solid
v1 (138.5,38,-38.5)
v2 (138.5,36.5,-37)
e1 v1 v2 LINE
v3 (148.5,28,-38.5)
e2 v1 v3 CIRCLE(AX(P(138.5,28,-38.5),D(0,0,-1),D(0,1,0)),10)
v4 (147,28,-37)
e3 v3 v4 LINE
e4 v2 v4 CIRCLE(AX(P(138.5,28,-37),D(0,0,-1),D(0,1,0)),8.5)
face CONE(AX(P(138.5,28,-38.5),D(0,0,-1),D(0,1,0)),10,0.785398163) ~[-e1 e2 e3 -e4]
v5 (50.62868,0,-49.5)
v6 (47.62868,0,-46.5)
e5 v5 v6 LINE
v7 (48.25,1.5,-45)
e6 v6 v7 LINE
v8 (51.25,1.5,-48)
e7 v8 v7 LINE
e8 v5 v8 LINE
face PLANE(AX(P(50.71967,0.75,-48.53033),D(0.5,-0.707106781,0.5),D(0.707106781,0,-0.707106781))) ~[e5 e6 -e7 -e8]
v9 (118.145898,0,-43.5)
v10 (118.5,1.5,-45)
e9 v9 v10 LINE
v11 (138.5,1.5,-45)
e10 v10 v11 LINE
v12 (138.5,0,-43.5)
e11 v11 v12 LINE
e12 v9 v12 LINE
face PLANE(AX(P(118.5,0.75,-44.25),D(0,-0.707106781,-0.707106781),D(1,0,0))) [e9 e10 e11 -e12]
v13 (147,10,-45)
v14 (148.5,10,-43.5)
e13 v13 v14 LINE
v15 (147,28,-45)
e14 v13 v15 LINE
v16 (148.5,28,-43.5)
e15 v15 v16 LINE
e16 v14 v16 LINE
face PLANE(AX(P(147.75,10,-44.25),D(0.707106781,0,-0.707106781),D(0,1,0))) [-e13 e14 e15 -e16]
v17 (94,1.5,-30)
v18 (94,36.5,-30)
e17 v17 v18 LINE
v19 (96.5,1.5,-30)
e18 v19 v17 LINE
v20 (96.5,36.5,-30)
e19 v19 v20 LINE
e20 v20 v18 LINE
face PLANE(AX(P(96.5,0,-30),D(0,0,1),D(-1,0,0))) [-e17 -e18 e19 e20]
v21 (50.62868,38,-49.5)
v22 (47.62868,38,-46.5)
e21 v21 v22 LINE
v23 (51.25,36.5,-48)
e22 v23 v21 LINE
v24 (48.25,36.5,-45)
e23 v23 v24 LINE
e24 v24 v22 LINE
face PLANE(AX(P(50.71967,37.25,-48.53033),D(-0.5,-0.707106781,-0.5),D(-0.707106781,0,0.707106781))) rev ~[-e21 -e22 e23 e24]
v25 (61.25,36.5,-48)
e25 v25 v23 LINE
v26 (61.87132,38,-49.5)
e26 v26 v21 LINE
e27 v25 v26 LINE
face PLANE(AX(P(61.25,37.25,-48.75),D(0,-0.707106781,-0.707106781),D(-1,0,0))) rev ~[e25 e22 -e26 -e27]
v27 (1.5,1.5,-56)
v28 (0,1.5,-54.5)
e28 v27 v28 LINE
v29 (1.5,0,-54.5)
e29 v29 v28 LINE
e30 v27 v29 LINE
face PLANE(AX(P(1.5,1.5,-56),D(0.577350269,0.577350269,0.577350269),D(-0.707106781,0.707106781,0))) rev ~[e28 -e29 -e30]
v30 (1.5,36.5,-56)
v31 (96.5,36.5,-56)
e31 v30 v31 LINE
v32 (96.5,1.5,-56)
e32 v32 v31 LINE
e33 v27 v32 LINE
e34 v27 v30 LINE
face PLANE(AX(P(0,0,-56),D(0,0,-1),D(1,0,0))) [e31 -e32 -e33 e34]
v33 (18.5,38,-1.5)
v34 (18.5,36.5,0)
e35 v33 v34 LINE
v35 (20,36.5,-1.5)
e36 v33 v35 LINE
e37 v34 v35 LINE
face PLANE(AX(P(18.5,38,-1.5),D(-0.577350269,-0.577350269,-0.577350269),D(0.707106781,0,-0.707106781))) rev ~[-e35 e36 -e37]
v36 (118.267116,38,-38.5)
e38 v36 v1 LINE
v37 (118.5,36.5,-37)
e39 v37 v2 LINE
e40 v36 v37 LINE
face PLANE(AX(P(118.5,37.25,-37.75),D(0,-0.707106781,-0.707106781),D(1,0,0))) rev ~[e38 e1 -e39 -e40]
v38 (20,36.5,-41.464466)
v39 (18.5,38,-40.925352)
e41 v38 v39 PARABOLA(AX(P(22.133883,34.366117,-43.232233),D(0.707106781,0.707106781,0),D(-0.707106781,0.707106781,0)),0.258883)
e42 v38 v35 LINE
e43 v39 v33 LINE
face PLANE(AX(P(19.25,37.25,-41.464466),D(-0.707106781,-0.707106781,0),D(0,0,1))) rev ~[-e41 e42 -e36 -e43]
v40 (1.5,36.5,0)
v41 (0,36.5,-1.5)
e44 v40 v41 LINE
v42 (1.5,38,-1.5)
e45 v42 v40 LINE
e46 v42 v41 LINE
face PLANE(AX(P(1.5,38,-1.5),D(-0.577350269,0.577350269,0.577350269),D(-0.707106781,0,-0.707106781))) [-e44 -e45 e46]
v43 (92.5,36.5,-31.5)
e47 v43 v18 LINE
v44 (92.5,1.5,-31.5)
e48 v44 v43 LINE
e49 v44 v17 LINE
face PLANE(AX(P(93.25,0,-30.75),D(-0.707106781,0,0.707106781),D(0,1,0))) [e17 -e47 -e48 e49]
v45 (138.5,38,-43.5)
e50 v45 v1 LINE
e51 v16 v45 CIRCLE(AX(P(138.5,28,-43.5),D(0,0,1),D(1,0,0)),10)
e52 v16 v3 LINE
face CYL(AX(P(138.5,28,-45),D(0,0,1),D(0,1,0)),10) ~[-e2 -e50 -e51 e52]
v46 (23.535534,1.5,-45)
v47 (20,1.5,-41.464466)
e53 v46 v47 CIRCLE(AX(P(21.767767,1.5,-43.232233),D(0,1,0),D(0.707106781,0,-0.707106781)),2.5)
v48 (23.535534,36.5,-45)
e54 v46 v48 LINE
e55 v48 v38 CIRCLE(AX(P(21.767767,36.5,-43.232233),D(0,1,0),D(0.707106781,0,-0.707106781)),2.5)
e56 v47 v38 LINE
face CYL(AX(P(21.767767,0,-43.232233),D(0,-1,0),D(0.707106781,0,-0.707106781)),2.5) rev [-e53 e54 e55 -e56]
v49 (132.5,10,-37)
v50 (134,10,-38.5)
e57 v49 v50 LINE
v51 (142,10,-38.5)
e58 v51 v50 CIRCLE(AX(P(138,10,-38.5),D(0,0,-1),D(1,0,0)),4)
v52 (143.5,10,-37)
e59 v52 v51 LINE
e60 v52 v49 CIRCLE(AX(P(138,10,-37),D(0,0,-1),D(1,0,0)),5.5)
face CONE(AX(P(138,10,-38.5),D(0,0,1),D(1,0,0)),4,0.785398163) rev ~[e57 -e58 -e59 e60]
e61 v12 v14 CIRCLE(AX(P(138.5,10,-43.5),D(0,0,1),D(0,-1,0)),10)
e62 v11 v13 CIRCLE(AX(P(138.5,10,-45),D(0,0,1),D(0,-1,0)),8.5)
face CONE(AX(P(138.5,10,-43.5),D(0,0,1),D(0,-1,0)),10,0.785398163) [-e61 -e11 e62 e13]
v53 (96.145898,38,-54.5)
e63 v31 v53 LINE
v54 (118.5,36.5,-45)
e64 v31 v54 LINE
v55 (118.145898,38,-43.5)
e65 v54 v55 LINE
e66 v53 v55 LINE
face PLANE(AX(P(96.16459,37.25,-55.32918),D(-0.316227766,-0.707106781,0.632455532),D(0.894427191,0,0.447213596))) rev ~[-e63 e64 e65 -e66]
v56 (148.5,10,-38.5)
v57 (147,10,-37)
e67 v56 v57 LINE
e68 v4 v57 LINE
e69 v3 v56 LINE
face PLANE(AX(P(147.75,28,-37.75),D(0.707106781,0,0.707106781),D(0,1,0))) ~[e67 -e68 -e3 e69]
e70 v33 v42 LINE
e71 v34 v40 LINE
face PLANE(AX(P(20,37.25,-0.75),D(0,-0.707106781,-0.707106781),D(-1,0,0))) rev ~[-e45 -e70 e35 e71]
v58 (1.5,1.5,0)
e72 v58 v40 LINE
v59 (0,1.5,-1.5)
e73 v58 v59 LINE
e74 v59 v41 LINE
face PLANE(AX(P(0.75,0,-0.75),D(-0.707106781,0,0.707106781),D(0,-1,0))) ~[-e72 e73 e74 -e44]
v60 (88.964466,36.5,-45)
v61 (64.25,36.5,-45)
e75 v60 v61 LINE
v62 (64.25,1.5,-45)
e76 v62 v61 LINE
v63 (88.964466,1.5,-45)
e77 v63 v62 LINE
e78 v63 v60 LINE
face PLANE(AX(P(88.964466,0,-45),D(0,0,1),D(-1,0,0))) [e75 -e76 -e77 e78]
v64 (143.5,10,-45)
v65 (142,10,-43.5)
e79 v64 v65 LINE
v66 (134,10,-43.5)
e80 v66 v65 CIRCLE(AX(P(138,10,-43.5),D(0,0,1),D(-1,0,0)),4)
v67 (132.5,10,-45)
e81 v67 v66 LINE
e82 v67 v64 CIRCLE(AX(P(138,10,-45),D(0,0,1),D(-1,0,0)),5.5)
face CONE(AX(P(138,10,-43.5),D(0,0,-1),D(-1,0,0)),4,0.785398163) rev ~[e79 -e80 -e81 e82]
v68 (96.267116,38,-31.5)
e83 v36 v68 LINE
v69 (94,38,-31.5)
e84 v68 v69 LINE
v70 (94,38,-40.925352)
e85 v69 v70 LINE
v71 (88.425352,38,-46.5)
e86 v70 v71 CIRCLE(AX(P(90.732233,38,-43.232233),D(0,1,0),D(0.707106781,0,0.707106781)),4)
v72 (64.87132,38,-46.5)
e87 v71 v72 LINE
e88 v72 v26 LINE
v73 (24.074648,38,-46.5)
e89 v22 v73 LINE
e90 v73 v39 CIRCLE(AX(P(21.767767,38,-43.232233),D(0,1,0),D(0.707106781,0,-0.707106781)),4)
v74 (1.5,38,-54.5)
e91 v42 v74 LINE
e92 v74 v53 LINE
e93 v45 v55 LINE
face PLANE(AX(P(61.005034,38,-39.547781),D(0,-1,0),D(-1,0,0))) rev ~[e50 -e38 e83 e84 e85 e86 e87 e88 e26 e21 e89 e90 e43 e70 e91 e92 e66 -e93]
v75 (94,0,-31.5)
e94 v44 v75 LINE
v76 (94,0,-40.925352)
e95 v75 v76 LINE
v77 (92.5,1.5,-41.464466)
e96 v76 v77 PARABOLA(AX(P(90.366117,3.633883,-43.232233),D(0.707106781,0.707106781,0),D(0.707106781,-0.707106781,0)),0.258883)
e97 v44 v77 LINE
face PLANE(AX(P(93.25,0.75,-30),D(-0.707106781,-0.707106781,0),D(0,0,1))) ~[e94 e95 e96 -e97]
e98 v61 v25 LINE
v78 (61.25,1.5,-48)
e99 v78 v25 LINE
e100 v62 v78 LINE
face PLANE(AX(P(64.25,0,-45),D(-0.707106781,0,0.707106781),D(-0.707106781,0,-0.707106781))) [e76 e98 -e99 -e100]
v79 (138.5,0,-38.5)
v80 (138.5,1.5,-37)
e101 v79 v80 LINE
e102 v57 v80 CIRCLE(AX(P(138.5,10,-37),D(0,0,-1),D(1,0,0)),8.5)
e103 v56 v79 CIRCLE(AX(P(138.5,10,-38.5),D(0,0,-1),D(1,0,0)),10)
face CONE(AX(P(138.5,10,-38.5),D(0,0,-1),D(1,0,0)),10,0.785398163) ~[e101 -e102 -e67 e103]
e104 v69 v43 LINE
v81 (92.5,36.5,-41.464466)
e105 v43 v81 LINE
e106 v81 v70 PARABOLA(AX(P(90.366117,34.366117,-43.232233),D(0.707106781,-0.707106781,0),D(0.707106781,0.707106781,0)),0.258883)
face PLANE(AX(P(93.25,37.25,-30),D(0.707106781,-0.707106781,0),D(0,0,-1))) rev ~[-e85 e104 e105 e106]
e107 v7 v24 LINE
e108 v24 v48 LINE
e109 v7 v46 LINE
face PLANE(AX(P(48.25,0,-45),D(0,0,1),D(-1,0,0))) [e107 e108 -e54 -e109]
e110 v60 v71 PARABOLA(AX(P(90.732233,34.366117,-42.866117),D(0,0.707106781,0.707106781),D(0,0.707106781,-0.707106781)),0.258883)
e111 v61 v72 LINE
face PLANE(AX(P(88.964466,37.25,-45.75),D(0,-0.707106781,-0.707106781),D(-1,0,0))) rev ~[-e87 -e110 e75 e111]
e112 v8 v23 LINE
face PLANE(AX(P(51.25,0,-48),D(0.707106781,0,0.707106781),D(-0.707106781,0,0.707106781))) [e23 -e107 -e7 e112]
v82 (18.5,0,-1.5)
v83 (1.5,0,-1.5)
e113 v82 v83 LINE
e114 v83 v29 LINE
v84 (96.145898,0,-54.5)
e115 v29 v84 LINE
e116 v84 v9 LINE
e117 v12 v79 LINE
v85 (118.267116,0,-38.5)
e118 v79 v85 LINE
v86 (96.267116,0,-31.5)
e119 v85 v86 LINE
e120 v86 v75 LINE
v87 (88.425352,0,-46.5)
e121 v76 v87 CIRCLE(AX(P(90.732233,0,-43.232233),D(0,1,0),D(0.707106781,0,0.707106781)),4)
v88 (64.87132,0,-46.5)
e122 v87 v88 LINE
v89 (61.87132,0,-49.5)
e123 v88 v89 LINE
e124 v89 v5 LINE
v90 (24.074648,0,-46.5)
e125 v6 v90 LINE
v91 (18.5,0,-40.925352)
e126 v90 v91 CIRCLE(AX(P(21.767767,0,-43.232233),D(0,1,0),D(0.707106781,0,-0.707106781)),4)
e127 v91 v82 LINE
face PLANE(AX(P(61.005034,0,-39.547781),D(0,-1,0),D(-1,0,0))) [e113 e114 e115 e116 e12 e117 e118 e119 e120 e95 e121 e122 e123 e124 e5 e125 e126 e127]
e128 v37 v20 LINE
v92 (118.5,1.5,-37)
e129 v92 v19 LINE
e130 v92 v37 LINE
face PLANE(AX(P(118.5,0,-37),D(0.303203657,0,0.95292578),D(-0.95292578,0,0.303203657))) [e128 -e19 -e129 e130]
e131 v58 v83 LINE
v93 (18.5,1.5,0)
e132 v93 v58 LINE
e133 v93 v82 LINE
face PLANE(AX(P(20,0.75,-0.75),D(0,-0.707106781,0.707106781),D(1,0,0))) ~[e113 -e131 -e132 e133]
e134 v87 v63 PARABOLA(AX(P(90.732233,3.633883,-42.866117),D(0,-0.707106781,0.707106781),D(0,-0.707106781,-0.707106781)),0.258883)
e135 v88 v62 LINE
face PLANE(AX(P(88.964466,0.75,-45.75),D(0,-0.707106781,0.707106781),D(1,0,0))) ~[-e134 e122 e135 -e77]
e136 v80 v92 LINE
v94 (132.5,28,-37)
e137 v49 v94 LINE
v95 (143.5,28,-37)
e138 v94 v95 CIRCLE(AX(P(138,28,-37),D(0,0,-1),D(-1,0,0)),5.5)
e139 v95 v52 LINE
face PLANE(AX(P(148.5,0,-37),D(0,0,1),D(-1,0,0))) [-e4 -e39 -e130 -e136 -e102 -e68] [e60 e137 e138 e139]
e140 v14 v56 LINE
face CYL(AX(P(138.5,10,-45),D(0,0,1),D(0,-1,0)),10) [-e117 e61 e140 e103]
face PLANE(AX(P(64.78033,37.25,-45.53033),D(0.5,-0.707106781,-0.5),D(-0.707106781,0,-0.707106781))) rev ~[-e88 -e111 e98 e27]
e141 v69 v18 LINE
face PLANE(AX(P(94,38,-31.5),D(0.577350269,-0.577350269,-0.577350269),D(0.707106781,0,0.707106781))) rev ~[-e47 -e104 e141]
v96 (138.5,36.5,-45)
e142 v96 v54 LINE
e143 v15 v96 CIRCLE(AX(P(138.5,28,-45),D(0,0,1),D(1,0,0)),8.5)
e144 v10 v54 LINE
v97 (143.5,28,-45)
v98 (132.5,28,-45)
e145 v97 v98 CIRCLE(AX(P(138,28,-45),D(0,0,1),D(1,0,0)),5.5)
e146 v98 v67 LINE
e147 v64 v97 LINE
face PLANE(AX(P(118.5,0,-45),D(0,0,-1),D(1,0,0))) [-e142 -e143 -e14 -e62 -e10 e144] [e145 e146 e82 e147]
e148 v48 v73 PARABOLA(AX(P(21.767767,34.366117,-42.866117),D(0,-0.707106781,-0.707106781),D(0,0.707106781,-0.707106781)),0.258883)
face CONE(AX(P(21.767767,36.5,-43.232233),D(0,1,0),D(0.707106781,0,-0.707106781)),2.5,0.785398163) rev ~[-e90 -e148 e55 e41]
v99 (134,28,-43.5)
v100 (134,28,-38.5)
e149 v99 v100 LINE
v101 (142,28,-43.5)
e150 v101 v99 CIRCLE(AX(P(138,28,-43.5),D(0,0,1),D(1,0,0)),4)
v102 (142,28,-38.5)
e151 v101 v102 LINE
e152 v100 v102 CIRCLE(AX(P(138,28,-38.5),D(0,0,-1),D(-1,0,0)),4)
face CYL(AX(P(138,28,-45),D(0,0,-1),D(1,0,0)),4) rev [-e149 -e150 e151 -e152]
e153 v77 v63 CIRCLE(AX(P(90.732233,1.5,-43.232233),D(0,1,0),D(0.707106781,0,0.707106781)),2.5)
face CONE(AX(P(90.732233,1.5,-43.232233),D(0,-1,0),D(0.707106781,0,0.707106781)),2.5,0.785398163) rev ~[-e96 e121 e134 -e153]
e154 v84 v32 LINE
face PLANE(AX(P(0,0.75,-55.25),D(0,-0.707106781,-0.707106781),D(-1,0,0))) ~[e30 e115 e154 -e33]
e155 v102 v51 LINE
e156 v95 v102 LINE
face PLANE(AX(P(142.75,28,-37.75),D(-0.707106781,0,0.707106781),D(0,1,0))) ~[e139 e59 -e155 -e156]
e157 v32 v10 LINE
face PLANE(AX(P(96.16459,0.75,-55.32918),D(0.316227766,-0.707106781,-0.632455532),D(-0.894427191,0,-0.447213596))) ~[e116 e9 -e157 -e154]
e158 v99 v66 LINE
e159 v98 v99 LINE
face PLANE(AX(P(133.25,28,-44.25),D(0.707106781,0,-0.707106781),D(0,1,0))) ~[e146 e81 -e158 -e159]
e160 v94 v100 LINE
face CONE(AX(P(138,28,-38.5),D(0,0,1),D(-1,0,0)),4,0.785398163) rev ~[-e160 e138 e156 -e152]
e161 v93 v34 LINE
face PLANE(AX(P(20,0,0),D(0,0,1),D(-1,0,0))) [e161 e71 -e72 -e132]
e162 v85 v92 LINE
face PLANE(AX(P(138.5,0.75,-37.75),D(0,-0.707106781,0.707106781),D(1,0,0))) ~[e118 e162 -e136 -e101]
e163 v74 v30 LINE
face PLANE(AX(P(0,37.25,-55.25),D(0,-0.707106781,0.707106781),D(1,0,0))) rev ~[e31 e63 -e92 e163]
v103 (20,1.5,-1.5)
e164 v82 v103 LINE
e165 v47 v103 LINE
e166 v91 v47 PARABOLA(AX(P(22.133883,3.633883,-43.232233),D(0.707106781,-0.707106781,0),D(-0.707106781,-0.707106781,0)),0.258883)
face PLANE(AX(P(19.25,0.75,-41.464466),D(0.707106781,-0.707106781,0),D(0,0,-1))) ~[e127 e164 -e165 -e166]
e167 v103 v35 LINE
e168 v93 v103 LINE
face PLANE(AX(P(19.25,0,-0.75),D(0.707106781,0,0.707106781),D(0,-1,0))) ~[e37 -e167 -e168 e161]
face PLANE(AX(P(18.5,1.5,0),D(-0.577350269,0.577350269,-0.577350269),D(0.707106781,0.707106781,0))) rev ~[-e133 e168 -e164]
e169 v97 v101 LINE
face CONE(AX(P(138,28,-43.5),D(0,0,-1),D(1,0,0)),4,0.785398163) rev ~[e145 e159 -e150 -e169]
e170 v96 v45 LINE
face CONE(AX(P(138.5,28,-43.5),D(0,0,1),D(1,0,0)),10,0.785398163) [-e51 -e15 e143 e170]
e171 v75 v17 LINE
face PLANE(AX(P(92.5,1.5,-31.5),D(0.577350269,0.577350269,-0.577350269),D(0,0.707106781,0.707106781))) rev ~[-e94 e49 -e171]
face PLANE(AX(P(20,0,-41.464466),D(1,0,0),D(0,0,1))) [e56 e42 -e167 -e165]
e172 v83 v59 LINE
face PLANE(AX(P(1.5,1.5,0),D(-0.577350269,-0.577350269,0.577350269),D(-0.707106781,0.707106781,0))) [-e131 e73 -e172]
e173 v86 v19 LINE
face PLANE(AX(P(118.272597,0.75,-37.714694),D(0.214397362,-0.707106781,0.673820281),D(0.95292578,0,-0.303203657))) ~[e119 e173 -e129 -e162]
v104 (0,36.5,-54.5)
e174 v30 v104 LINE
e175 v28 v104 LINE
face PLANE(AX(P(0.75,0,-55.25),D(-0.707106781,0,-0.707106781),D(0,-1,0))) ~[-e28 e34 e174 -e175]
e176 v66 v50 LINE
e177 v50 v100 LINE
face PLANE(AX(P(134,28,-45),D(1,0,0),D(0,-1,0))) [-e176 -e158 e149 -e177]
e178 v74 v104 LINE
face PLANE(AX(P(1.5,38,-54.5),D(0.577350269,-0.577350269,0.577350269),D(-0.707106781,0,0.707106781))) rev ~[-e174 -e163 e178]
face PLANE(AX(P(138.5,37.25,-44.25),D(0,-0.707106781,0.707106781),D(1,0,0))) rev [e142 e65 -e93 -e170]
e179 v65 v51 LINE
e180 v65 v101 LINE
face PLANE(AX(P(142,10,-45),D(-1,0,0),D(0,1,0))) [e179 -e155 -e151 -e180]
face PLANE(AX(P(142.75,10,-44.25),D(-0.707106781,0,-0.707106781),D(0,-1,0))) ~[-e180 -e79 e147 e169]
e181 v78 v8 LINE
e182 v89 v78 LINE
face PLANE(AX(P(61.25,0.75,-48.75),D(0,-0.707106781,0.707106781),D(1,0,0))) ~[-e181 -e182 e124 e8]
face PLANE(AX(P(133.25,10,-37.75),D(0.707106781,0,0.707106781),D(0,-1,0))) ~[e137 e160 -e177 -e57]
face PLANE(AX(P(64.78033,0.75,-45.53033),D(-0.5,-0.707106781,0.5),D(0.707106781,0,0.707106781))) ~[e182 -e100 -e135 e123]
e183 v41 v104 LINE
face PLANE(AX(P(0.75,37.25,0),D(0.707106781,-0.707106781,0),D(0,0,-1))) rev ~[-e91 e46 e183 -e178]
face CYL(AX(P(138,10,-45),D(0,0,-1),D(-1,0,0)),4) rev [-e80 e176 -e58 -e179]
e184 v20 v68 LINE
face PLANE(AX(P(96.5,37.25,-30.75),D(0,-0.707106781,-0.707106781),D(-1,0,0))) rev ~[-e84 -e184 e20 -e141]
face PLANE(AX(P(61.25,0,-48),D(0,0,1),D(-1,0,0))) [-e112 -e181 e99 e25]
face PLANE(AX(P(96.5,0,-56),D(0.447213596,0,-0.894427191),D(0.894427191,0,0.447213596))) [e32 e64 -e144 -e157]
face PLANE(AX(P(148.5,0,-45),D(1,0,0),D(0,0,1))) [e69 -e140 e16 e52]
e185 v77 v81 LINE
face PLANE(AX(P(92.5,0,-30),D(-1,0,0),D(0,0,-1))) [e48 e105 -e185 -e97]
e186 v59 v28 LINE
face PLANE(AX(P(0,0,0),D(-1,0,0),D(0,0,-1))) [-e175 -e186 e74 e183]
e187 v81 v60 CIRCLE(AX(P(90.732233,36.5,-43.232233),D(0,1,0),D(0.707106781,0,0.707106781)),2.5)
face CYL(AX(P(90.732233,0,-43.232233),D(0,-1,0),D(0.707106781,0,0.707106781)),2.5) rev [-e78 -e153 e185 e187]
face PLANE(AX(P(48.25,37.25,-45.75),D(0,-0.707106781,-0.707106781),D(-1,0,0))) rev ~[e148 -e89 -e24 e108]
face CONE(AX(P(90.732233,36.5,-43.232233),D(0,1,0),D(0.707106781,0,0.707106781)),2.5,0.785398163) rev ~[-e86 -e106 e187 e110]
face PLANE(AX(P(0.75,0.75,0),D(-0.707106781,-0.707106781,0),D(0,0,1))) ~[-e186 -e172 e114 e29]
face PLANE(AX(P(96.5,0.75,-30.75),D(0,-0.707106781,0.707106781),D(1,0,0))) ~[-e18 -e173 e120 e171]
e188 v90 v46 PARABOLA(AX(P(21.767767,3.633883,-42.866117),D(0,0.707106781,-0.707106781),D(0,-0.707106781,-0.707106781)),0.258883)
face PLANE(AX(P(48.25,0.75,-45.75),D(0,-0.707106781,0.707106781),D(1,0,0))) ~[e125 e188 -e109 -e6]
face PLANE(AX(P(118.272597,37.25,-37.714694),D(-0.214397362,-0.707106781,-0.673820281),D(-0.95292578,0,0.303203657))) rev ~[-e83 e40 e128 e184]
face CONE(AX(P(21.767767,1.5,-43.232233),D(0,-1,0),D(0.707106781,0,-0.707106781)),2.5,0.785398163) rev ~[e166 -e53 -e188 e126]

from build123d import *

# Parameters (mm, degrees)
CREATE_PROFILE_DEPTH     = 38
CUT_SHACKLE_HOLE_DEPTH   = 160.753716702
ROUND_EDGES_R            = 10
UNECESSARY_CHAMFERS_SIZE = 1.5


with BuildPart() as part:
    # Sketch1 → Create profile (new body)
    with BuildSketch(Plane(origin=(0, 0, 0), x_dir=(1, 0, 0), z_dir=(0, 1, 0))):
        with BuildLine():
            Line((0, 0), (0, 56))
            Line((0, 56), (96.5, 56))
            Line((96.5, 56), (118.5, 45))
            Line((118.5, 45), (148.5, 45))
            Line((148.5, 45), (148.5, 37))
            Line((148.5, 37), (118.5, 37))
            Line((118.5, 37), (96.5, 30))
            Line((96.5, 30), (92.5, 30))
            Line((92.5, 30), (92.5, 41.464466094))
            ThreePointArc((92.5, 41.464466094), (92.5, 45), (88.964466094, 45))
            Line((88.964466094, 45), (64.25, 45))
            Line((64.25, 45), (61.25, 48))
            Line((61.25, 48), (51.25, 48))
            Line((51.25, 48), (48.25, 45))
            Line((48.25, 45), (23.535533906, 45))
            ThreePointArc((23.535533906, 45), (20, 45), (20, 41.464466094))
            Line((20, 41.464466094), (20, 0))
            Line((20, 0), (0, 0))
        make_face()
    extrude(amount=CREATE_PROFILE_DEPTH)

    # Sketch3 → Cut shackle hole (cut, through all)
    with BuildSketch(Plane(origin=(0, 0, -45), x_dir=(-1, 0, 0), z_dir=(0, 0, -1))):
        with BuildLine():
            Line((-134, 28), (-134, 10))
            ThreePointArc((-134, 10), (-138, 6), (-142, 10))
            Line((-142, 10), (-142, 28))
            ThreePointArc((-142, 28), (-138, 32), (-134, 28))
        make_face()
    extrude(amount=-CUT_SHACKLE_HOLE_DEPTH, mode=Mode.SUBTRACT)

    # Round Edges
    round_edges_edges = [part.edges().sort_by_distance(p)[0] for p in [
        (148.5, 0, -41),
        (148.5, 38, -41),
    ]]
    fillet(round_edges_edges, radius=ROUND_EDGES_R)

    # Unecessary chamfers
    unecessary_chamfers_edges = [part.edges().sort_by_distance(p)[0] for p in [
        (20, 38, -45),
        (35.892766953, 38, -45),
        (0, 0, -28),
        (48.25, 0, -56),
        (107.5, 0, -50.5),
        (128.5, 0, -37),
        (107.5, 0, -33.5),
        (94.5, 0, -30),
        (92.5, 0, -35.732233047),
        (49.75, 38, -46.5),
        (92.5, 0, -45),
        (76.607233047, 0, -45),
        (62.75, 0, -46.5),
        (56.25, 0, -48),
        (49.75, 0, -46.5),
        (35.892766953, 0, -45),
        (20, 0, -45),
        (20, 0, -20.732233047),
        (10, 0, 0),
        (56.25, 38, -48),
        (62.75, 38, -46.5),
        (0, 19, 0),
        (0, 19, -56),
        (92.5, 19, -30),
        (20, 19, 0),
        (76.607233047, 38, -45),
        (92.5, 38, -45),
        (92.5, 38, -35.732233047),
        (94.5, 38, -30),
        (107.5, 38, -33.5),
        (10, 38, 0),
        (128.5, 38, -37),
        (138, 32, -37),
        (134, 19, -37),
        (138, 6, -37),
        (142, 19, -37),
        (138, 32, -45),
        (142, 19, -45),
        (138, 6, -45),
        (134, 19, -45),
        (107.5, 38, -50.5),
        (48.25, 38, -56),
        (0, 38, -28),
        (148.5, 19, -45),
        (148.5, 19, -37),
        (128.5, 0, -45),
        (128.5, 38, -45),
        (145.571067812, 35.071067812, -45),
        (145.571067812, 2.928932188, -45),
        (145.571067812, 35.071067812, -37),
        (145.571067812, 2.928932188, -37),
        (20, 38, -20.732233047),
    ]]
    chamfer(unecessary_chamfers_edges, length=UNECESSARY_CHAMFERS_SIZE)


solid = part.part
